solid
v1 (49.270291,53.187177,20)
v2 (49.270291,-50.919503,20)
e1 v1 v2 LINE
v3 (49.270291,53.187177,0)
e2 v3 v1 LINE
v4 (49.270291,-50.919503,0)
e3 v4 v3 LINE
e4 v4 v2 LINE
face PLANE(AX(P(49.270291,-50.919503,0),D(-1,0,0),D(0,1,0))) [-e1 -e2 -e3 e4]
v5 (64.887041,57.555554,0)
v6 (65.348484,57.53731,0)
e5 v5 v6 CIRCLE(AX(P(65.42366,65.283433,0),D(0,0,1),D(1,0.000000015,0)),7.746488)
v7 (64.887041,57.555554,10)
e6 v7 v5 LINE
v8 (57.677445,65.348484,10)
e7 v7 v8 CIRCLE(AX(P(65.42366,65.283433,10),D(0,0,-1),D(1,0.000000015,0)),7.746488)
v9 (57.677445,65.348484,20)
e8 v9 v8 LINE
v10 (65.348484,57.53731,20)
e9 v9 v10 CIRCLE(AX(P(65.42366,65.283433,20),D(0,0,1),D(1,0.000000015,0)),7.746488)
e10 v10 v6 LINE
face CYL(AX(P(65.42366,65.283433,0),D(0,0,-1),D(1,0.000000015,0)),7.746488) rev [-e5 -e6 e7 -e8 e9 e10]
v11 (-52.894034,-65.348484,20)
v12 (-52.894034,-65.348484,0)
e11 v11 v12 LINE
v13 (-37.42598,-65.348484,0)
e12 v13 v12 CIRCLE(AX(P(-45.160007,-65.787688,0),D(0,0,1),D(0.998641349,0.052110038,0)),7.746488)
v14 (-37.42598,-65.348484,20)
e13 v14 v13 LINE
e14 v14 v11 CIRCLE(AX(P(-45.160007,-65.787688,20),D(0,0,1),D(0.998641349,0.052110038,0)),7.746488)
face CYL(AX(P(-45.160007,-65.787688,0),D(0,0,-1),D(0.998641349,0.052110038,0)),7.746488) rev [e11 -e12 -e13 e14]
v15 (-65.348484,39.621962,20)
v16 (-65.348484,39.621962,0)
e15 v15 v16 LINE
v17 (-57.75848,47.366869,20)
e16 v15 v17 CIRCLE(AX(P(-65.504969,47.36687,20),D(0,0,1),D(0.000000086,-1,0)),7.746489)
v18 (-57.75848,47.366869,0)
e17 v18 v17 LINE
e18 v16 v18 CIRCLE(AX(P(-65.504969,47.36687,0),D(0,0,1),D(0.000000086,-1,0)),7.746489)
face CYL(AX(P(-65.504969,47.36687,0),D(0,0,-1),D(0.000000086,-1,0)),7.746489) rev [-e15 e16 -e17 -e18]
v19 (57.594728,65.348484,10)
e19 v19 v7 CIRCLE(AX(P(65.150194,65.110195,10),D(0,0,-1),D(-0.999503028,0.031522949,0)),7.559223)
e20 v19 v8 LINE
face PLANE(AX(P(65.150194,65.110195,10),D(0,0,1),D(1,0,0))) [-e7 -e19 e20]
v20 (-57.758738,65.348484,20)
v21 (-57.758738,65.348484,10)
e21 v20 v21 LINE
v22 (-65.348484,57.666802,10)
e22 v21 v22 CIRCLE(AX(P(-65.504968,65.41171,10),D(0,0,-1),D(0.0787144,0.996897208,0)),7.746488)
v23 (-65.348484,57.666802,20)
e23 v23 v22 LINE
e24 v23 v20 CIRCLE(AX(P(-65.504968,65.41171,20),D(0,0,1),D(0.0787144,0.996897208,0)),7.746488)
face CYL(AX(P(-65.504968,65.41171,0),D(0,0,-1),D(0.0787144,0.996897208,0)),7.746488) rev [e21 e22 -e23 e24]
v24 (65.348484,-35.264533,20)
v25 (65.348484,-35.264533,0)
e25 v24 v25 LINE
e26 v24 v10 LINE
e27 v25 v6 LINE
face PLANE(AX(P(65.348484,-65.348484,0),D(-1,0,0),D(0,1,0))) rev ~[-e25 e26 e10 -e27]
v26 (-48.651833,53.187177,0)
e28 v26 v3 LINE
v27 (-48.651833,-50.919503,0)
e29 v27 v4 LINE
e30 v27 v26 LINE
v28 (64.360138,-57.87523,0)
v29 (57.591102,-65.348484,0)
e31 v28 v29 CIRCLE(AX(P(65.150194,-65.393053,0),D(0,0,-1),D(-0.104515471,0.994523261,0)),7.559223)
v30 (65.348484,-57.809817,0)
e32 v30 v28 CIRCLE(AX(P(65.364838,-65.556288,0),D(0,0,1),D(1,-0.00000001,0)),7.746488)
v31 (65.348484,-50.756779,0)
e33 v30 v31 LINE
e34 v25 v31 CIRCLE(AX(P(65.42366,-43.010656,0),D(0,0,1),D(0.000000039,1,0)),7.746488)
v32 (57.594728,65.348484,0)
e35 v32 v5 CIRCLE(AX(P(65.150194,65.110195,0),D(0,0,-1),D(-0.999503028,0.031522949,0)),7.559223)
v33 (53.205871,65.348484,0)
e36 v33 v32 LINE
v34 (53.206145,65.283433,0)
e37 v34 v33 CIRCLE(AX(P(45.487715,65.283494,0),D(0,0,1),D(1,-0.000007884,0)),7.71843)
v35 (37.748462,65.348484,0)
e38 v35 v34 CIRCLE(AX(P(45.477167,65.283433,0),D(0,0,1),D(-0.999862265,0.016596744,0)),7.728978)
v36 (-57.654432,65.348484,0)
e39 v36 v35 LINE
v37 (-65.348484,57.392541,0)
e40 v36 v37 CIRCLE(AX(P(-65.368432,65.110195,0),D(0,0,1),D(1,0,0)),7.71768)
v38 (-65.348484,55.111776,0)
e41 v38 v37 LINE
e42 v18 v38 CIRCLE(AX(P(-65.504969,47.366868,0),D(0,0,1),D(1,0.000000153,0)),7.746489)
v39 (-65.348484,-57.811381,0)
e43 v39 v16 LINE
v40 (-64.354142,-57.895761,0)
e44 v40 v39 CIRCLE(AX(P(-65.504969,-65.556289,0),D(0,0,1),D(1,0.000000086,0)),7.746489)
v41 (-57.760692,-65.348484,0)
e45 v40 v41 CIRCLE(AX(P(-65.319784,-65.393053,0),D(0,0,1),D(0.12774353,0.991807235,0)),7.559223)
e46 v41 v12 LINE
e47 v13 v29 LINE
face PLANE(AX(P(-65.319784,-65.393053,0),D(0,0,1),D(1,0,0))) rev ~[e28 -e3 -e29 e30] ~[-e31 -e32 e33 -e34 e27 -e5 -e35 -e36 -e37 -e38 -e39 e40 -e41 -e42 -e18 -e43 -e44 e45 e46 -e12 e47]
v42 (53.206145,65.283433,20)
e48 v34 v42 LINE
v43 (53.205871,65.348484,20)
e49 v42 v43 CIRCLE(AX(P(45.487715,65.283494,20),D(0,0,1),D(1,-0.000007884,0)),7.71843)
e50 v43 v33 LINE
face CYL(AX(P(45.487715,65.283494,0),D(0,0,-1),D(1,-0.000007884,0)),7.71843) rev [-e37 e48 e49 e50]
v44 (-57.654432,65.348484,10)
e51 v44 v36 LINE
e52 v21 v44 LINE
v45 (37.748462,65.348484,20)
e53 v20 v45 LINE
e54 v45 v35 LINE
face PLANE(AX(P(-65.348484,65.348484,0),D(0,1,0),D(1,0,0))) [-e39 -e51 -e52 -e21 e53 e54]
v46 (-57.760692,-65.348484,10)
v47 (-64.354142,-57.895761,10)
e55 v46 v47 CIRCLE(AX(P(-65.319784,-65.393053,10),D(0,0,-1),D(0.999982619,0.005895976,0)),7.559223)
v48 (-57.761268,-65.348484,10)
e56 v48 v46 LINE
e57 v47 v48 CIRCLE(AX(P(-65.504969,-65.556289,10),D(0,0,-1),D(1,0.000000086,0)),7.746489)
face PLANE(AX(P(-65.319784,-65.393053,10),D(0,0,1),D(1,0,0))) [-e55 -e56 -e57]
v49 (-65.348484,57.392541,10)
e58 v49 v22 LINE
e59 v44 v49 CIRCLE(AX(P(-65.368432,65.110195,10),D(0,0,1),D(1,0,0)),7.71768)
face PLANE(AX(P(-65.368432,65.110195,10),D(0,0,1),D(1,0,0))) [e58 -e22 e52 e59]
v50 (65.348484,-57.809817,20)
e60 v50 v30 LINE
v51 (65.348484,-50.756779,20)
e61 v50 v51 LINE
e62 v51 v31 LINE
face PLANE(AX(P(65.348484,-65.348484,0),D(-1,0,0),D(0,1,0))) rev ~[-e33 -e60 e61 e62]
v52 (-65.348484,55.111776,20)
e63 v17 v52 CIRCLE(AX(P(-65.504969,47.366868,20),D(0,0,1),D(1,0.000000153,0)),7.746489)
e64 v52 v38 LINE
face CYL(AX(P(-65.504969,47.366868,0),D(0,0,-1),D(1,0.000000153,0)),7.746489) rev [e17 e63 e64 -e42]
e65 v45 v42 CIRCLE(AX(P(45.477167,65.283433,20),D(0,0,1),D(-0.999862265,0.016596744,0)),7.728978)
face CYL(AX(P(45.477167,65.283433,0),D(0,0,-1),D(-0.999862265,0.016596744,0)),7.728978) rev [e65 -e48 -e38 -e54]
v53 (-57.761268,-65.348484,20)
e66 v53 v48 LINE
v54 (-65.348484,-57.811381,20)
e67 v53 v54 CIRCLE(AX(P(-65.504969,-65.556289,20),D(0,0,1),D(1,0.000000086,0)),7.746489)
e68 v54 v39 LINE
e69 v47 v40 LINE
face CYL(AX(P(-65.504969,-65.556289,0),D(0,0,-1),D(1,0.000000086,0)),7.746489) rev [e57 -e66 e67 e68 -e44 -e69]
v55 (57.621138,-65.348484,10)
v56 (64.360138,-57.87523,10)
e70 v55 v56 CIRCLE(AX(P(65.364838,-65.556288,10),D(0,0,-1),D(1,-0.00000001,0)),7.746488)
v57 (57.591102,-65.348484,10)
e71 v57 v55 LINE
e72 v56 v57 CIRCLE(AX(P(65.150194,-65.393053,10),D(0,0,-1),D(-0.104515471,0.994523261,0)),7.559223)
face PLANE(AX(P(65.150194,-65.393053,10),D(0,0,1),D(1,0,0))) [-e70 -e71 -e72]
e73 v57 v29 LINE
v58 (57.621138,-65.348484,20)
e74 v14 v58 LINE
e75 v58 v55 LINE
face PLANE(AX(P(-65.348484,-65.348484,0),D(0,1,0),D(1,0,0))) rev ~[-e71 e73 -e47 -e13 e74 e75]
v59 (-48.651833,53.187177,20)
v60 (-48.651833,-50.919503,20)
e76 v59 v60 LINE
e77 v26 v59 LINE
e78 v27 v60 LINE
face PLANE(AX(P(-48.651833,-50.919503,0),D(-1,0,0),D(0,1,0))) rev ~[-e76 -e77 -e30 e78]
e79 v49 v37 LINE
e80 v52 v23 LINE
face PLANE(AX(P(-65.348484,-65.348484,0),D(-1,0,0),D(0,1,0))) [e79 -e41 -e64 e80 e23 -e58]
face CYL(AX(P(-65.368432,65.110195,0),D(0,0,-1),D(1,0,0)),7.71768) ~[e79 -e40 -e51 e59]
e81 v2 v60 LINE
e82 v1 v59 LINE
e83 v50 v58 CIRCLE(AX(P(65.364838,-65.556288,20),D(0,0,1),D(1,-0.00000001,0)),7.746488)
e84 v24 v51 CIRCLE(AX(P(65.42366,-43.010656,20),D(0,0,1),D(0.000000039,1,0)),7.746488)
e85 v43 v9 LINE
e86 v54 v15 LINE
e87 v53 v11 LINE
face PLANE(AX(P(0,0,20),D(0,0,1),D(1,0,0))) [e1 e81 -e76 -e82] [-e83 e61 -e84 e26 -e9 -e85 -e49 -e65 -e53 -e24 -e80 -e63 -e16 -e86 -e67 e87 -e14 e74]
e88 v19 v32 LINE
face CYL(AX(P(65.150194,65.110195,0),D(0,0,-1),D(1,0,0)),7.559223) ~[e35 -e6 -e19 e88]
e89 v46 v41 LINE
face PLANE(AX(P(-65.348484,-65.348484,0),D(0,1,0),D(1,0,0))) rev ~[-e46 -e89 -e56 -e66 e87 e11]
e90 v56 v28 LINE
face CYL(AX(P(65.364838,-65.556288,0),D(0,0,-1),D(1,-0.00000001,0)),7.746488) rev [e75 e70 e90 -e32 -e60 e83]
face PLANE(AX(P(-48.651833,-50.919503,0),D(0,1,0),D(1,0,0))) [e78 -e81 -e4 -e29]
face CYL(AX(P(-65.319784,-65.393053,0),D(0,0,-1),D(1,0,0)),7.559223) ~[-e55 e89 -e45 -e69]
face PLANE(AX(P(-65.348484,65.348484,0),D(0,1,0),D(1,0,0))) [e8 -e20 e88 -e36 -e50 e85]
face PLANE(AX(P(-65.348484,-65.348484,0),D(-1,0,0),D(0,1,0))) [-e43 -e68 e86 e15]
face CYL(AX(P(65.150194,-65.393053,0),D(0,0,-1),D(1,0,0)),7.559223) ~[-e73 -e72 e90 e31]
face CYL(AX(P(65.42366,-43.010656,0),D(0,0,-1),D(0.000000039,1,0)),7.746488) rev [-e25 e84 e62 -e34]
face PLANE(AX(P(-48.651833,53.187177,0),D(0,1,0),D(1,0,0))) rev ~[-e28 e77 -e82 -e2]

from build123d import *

# Parameters (mm, degrees)
F0_W     = 130.696968
F0_H     = 130.696968
F1_DEPTH = 20
F3_DEPTH = 20
F4_W     = 97.922124
F4_H     = 104.10668
F5_DEPTH = 25
F6_R     = 7.559223
F6_R_2   = 7.71768
F7_DEPTH = 10


with BuildPart() as f1:
    # F0 (on Top) → F1 (new body)
    with BuildSketch(Plane.XY):
        Rectangle(F0_W, F0_H)
    extrude(amount=F1_DEPTH)

    # F2 (on Top) → F3 (cut)
    with BuildSketch(Plane.XY):
        with BuildLine():
            Line((65.463071, -65.384018), (65.463071, -73.302153))
            ThreePointArc((65.463071, -73.302153), (70.877053, -70.99904), (73.111326, -65.556288))
            ThreePointArc((73.111326, -65.556288), (65.450978, -57.810279), (57.620266, -65.384018))
            Line((57.620266, -65.384018), (65.463071, -65.384018))
        make_face()
        with BuildLine():
            ThreePointArc((65.266604, -73.302153), (65.364838, -73.302776), (65.463071, -73.302153))
            Line((65.463071, -73.302153), (65.266604, -73.302153))
        make_face()
        with BuildLine():
            Line((-43.278281, -73.302153), (65.266604, -73.302153))
            ThreePointArc((65.266604, -73.302153), (59.79244, -70.937409), (57.620266, -65.384018))
            Line((57.620266, -65.384018), (-37.424044, -65.384018))
            ThreePointArc((-37.424044, -65.384018), (-37.416151, -65.585784), (-37.413519, -65.787688))
            ThreePointArc((-37.413519, -65.787688), (-39.053255, -70.553782), (-43.278281, -73.302153))
        make_face()
        with BuildLine():
            ThreePointArc((-47.041733, -73.302153), (-45.160007, -73.534176), (-43.278281, -73.302153))
            Line((-43.278281, -73.302153), (-47.041733, -73.302153))
        make_face()
        with BuildLine():
            Line((-52.89597, -65.384018), (-37.424044, -65.384018))
            ThreePointArc((-37.424044, -65.384018), (-45.160007, -58.0412), (-52.89597, -65.384018))
        make_face()
        with BuildLine():
            Line((-52.89597, -73.302153), (-47.041733, -73.302153))
            ThreePointArc((-47.041733, -73.302153), (-51.140461, -70.711329), (-52.89597, -66.191358))
            Line((-52.89597, -66.191358), (-52.89597, -73.302153))
        make_face()
        with BuildLine():
            Line((-52.89597, -66.191358), (-52.89597, -65.384018))
            ThreePointArc((-52.89597, -65.384018), (-52.906495, -65.787688), (-52.89597, -66.191358))
        make_face()
        with BuildLine():
            ThreePointArc((-73.248961, -65.359679), (-65.60328, -73.302152), (-57.75848, -65.556288))
            ThreePointArc((-57.75848, -65.556288), (-60.027374, -60.078694), (-65.504968, -57.8098))
            Line((-65.504968, -57.8098), (-65.504968, -65.365049))
            Line((-65.504968, -65.365049), (-73.248961, -65.365049))
            Line((-73.248961, -65.365049), (-73.248961, -65.359679))
        make_face()
        with BuildLine():
            ThreePointArc((-73.248961, -65.359679), (-70.912604, -60.009617), (-65.504968, -57.8098))
            Line((-65.504968, -57.8098), (-65.504968, 39.620381))
            ThreePointArc((-65.504968, 39.620381), (-70.912604, 41.820198), (-73.248961, 47.17026))
            Line((-73.248961, 47.17026), (-73.248961, -65.359679))
        make_face()
        with BuildLine():
            Line((-65.504968, 54.955278), (-65.504968, 39.620381))
            ThreePointArc((-65.504968, 39.620381), (-60.027374, 41.889275), (-57.75848, 47.366869))
            ThreePointArc((-57.75848, 47.366869), (-60.608689, 53.369745), (-67.061929, 54.955278))
            Line((-67.061929, 54.955278), (-65.504968, 54.955278))
        make_face()
        with BuildLine():
            ThreePointArc((-73.248961, 47.563477), (-73.251456, 47.366869), (-73.248961, 47.17026))
            Line((-73.248961, 47.17026), (-73.248961, 47.563477))
        make_face()
        with BuildLine():
            Line((-73.248961, 54.955278), (-73.248961, 47.563477))
            ThreePointArc((-73.248961, 47.563477), (-71.445222, 52.338937), (-67.061929, 54.955278))
            Line((-67.061929, 54.955278), (-73.248961, 54.955278))
        make_face()
        with BuildLine():
            ThreePointArc((-64.895208, 73.134162), (-71.194062, 60.154116), (-57.75848, 65.411709))
            Line((-57.75848, 65.411709), (-65.504968, 65.411709))
            Line((-65.504968, 65.411709), (-65.504968, 73.134162))
            Line((-65.504968, 73.134162), (-64.895208, 73.134162))
        make_face()
        with BuildLine():
            ThreePointArc((-64.895208, 73.134162), (-59.815874, 70.669303), (-57.75848, 65.411709))
            Line((-57.75848, 65.411709), (37.749253, 65.411709))
            ThreePointArc((37.749253, 65.411709), (45.477167, 73.012411), (53.20508, 65.411709))
            Line((53.20508, 65.411709), (53.20508, 73.134162))
            Line((53.20508, 73.134162), (-64.895208, 73.134162))
        make_face()
        with BuildLine():
            Line((53.20508, 65.411709), (37.749253, 65.411709))
            ThreePointArc((37.749253, 65.411709), (45.413026, 57.554721), (53.206145, 65.283433))
            ThreePointArc((53.206145, 65.283433), (53.205879, 65.347573), (53.20508, 65.411709))
        make_face()
        with BuildLine():
            Line((73.154315, 65.283433), (73.170148, 65.283433))
            ThreePointArc((73.170148, 65.283433), (59.946066, 70.761027), (65.42366, 57.536945))
            Line((65.42366, 57.536945), (65.42366, 65.283433))
            Line((65.42366, 65.283433), (73.154315, 65.283433))
        make_face()
        with BuildLine():
            Line((73.265217, 65.283433), (73.170148, 65.283433))
            ThreePointArc((73.170148, 65.283433), (70.901254, 59.805838), (65.42366, 57.536945))
            Line((65.42366, 57.536945), (65.42366, -35.264168))
            ThreePointArc((65.42366, -35.264168), (70.901254, -37.533062), (73.170148, -43.010656))
            ThreePointArc((73.170148, -43.010656), (71.089749, -48.293033), (65.965977, -50.738137))
            Line((65.965977, -50.738137), (73.265217, -50.738137))
            Line((73.265217, -50.738137), (73.265217, 65.283433))
        make_face()
        with BuildLine():
            Line((65.42366, -50.738137), (65.42366, -35.264168))
            ThreePointArc((65.42366, -35.264168), (57.681925, -43.281981), (65.965977, -50.738137))
            Line((65.965977, -50.738137), (65.42366, -50.738137))
        make_face()
    extrude(amount=F3_DEPTH, mode=Mode.SUBTRACT)

    # F4 (on Top) → F5 (cut)
    with BuildSketch(Plane.XY):
        with Locations((0.309229, 1.133837)):
            Rectangle(F4_W, F4_H)
    extrude(amount=F5_DEPTH, mode=Mode.SUBTRACT)

    # F6 (on Top) → F7 (join)
    with BuildSketch(Plane.XY):
        with Locations((-65.319784, -65.393053)):
            Circle(F6_R)
        with Locations((65.150194, -65.393053)):
            Circle(F6_R)
        with Locations((-65.368432, 65.110195)):
            Circle(F6_R_2)
        with Locations((65.150194, 65.110195)):
            Circle(F6_R)
    extrude(amount=F7_DEPTH)


solid = f1.part
